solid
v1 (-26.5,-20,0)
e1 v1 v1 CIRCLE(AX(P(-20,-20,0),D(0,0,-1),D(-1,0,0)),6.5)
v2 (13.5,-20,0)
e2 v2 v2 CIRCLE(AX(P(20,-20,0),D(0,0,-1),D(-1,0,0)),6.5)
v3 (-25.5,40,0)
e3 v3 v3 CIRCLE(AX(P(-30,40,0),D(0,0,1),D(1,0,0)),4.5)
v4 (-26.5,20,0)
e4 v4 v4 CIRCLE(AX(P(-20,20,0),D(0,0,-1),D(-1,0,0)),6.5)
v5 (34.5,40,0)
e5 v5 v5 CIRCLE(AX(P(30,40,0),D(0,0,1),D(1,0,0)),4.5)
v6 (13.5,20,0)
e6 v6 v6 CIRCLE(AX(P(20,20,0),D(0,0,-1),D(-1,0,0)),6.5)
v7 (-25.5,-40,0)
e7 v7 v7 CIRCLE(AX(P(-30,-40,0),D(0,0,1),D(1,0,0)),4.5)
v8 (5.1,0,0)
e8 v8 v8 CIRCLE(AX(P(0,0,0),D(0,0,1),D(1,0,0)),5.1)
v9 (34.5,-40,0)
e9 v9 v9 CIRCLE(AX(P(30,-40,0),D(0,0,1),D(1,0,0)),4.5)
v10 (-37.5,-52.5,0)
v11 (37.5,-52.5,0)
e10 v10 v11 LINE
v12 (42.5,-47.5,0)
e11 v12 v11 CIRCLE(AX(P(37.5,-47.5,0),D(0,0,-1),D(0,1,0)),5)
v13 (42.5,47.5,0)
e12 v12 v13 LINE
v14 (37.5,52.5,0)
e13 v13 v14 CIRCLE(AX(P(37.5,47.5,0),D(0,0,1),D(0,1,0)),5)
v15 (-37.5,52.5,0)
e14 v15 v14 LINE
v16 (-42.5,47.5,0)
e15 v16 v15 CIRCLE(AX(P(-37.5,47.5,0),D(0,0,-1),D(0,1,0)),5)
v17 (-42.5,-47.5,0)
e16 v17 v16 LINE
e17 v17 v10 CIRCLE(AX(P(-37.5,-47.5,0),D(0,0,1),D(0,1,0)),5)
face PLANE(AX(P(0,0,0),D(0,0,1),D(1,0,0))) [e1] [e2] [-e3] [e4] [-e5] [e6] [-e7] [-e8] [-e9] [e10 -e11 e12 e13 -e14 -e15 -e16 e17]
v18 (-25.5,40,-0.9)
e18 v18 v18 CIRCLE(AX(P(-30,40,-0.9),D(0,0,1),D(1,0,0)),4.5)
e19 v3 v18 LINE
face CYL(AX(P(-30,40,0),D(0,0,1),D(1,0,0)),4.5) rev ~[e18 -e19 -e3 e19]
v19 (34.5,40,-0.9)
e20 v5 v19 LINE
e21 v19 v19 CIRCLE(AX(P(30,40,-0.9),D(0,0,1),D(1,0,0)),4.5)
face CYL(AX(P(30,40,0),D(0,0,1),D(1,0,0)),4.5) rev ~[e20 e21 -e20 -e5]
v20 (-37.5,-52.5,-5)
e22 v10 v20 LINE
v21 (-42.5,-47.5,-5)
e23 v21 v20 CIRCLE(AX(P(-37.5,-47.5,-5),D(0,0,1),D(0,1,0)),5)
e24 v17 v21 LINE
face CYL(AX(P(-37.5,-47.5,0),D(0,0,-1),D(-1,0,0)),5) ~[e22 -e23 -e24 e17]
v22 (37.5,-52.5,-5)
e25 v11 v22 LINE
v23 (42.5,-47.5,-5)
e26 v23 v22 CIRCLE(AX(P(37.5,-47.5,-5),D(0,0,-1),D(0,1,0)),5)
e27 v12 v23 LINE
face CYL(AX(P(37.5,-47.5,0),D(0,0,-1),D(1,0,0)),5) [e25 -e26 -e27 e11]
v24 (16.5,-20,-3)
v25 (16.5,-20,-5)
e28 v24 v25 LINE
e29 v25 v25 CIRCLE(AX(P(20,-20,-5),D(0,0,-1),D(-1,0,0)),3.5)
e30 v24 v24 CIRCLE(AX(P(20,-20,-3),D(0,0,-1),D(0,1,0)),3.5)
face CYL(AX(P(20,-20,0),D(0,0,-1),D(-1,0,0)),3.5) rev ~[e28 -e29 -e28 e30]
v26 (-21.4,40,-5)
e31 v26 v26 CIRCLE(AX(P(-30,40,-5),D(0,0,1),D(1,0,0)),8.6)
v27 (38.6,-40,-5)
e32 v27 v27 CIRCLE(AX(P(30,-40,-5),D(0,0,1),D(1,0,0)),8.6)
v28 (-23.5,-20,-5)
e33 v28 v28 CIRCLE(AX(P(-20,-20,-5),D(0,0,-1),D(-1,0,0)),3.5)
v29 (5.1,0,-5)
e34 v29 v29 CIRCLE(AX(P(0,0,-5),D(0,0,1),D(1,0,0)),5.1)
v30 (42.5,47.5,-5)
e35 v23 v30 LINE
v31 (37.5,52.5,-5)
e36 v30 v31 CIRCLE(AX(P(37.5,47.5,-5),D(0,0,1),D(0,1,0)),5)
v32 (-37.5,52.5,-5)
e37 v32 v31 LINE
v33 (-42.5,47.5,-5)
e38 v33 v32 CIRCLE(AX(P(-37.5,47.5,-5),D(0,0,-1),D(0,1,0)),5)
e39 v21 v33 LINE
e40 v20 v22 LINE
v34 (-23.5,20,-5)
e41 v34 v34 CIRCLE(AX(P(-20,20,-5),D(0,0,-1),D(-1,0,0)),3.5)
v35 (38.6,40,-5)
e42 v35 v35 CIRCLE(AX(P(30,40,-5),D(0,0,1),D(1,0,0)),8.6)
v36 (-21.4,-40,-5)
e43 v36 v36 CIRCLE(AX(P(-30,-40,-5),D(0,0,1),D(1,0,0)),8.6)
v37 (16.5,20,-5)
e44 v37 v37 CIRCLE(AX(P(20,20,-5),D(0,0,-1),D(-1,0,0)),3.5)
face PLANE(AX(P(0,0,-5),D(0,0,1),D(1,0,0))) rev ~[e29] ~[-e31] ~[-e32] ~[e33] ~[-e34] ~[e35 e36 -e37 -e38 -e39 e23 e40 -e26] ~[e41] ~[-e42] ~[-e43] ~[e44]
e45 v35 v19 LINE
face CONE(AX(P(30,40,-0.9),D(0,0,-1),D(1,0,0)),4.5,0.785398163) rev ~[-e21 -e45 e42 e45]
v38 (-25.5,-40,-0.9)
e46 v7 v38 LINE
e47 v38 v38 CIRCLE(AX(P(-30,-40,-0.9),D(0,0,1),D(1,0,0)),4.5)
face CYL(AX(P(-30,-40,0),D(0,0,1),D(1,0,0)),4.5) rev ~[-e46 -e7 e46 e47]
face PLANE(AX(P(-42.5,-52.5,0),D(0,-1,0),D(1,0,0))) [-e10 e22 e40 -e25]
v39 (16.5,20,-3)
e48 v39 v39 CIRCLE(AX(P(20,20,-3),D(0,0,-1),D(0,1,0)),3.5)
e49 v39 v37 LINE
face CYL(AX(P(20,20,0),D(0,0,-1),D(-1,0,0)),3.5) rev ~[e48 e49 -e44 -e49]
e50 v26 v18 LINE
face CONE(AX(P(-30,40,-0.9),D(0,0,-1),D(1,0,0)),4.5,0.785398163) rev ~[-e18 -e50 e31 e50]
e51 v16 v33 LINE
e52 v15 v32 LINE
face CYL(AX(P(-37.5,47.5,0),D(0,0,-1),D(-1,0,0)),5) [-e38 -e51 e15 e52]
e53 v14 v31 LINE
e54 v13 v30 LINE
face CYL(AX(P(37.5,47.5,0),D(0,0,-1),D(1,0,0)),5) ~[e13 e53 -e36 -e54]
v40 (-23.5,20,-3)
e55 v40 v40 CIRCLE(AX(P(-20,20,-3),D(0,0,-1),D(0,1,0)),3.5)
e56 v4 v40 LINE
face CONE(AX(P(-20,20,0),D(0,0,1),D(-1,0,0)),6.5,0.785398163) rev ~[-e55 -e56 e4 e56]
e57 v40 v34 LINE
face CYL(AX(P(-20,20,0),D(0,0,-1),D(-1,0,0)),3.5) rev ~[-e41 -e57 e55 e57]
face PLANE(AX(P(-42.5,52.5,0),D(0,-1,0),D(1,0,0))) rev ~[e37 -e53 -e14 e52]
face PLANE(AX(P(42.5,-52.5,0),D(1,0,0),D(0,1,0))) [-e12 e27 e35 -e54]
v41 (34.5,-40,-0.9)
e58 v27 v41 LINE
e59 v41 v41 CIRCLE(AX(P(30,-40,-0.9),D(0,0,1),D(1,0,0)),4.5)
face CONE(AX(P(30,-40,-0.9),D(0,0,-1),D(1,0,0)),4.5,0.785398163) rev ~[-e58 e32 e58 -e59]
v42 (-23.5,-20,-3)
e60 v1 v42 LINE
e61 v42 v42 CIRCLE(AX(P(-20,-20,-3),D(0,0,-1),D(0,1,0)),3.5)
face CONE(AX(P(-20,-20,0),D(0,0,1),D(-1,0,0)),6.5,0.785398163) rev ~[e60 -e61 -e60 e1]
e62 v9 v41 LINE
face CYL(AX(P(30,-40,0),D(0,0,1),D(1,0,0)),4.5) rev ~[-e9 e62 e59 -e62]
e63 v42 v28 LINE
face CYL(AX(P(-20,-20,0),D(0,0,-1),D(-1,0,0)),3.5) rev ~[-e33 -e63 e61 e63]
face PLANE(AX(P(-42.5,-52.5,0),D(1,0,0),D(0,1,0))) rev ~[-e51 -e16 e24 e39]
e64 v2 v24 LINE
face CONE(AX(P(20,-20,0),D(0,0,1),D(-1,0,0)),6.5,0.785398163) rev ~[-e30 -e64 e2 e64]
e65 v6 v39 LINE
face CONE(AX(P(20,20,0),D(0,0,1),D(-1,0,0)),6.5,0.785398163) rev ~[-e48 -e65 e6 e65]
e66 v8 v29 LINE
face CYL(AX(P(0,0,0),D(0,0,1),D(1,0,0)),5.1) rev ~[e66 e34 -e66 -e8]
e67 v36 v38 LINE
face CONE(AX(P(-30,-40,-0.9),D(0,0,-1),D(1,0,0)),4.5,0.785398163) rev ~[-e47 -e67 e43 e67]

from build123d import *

# Parameters (mm, degrees)
F0_W           = 85
F0_H           = 105
F1_DEPTH       = 5
F2_R           = 5.1
F2_R_2         = 4.5
F3_DEPTH       = 5.001
F5_D           = 7
F5_CSINK_D     = 13
F5_CSINK_ANGLE = 90
F6_R           = 5
F7_SIZE        = 4.1


with BuildPart() as f1:
    # F0 (on Top) → F1 (new body)
    with BuildSketch(Plane.XY):
        Rectangle(F0_W, F0_H)
    extrude(amount=-F1_DEPTH)

    # F2 (on face) → F3 (cut, through all)
    with BuildSketch(Plane.XY):
        Circle(F2_R)
        with Locations((30, 40)):
            Circle(F2_R_2)
        with Locations((-30, 40)):
            Circle(F2_R_2)
        with Locations((-30, -40)):
            Circle(F2_R_2)
        with Locations((30, -40)):
            Circle(F2_R_2)
    extrude(amount=-F3_DEPTH, mode=Mode.SUBTRACT)

    # F5 (through all)
    with Locations(Plane.XY):
        with Locations((-20, 20), (20, 20), (20, -20), (-20, -20)):
            CounterSinkHole(F5_D / 2, F5_CSINK_D / 2, counter_sink_angle=F5_CSINK_ANGLE)

    # F6
    f6_edges = [f1.edges().sort_by_distance(p)[0] for p in [
        (-42.5, -52.5, -2.5),
        (42.5, -52.5, -2.5),
        (42.5, 52.5, -2.5),
        (-42.5, 52.5, -2.5),
    ]]
    fillet(f6_edges, radius=F6_R)

    # F7
    f7_edges = [f1.edges().sort_by_distance(p)[0] for p in [
        (25.5, 40, -5),
        (-34.5, 40, -5),
        (-34.5, -40, -5),
        (25.5, -40, -5),
    ]]
    chamfer(f7_edges, length=F7_SIZE)


solid = f1.part
